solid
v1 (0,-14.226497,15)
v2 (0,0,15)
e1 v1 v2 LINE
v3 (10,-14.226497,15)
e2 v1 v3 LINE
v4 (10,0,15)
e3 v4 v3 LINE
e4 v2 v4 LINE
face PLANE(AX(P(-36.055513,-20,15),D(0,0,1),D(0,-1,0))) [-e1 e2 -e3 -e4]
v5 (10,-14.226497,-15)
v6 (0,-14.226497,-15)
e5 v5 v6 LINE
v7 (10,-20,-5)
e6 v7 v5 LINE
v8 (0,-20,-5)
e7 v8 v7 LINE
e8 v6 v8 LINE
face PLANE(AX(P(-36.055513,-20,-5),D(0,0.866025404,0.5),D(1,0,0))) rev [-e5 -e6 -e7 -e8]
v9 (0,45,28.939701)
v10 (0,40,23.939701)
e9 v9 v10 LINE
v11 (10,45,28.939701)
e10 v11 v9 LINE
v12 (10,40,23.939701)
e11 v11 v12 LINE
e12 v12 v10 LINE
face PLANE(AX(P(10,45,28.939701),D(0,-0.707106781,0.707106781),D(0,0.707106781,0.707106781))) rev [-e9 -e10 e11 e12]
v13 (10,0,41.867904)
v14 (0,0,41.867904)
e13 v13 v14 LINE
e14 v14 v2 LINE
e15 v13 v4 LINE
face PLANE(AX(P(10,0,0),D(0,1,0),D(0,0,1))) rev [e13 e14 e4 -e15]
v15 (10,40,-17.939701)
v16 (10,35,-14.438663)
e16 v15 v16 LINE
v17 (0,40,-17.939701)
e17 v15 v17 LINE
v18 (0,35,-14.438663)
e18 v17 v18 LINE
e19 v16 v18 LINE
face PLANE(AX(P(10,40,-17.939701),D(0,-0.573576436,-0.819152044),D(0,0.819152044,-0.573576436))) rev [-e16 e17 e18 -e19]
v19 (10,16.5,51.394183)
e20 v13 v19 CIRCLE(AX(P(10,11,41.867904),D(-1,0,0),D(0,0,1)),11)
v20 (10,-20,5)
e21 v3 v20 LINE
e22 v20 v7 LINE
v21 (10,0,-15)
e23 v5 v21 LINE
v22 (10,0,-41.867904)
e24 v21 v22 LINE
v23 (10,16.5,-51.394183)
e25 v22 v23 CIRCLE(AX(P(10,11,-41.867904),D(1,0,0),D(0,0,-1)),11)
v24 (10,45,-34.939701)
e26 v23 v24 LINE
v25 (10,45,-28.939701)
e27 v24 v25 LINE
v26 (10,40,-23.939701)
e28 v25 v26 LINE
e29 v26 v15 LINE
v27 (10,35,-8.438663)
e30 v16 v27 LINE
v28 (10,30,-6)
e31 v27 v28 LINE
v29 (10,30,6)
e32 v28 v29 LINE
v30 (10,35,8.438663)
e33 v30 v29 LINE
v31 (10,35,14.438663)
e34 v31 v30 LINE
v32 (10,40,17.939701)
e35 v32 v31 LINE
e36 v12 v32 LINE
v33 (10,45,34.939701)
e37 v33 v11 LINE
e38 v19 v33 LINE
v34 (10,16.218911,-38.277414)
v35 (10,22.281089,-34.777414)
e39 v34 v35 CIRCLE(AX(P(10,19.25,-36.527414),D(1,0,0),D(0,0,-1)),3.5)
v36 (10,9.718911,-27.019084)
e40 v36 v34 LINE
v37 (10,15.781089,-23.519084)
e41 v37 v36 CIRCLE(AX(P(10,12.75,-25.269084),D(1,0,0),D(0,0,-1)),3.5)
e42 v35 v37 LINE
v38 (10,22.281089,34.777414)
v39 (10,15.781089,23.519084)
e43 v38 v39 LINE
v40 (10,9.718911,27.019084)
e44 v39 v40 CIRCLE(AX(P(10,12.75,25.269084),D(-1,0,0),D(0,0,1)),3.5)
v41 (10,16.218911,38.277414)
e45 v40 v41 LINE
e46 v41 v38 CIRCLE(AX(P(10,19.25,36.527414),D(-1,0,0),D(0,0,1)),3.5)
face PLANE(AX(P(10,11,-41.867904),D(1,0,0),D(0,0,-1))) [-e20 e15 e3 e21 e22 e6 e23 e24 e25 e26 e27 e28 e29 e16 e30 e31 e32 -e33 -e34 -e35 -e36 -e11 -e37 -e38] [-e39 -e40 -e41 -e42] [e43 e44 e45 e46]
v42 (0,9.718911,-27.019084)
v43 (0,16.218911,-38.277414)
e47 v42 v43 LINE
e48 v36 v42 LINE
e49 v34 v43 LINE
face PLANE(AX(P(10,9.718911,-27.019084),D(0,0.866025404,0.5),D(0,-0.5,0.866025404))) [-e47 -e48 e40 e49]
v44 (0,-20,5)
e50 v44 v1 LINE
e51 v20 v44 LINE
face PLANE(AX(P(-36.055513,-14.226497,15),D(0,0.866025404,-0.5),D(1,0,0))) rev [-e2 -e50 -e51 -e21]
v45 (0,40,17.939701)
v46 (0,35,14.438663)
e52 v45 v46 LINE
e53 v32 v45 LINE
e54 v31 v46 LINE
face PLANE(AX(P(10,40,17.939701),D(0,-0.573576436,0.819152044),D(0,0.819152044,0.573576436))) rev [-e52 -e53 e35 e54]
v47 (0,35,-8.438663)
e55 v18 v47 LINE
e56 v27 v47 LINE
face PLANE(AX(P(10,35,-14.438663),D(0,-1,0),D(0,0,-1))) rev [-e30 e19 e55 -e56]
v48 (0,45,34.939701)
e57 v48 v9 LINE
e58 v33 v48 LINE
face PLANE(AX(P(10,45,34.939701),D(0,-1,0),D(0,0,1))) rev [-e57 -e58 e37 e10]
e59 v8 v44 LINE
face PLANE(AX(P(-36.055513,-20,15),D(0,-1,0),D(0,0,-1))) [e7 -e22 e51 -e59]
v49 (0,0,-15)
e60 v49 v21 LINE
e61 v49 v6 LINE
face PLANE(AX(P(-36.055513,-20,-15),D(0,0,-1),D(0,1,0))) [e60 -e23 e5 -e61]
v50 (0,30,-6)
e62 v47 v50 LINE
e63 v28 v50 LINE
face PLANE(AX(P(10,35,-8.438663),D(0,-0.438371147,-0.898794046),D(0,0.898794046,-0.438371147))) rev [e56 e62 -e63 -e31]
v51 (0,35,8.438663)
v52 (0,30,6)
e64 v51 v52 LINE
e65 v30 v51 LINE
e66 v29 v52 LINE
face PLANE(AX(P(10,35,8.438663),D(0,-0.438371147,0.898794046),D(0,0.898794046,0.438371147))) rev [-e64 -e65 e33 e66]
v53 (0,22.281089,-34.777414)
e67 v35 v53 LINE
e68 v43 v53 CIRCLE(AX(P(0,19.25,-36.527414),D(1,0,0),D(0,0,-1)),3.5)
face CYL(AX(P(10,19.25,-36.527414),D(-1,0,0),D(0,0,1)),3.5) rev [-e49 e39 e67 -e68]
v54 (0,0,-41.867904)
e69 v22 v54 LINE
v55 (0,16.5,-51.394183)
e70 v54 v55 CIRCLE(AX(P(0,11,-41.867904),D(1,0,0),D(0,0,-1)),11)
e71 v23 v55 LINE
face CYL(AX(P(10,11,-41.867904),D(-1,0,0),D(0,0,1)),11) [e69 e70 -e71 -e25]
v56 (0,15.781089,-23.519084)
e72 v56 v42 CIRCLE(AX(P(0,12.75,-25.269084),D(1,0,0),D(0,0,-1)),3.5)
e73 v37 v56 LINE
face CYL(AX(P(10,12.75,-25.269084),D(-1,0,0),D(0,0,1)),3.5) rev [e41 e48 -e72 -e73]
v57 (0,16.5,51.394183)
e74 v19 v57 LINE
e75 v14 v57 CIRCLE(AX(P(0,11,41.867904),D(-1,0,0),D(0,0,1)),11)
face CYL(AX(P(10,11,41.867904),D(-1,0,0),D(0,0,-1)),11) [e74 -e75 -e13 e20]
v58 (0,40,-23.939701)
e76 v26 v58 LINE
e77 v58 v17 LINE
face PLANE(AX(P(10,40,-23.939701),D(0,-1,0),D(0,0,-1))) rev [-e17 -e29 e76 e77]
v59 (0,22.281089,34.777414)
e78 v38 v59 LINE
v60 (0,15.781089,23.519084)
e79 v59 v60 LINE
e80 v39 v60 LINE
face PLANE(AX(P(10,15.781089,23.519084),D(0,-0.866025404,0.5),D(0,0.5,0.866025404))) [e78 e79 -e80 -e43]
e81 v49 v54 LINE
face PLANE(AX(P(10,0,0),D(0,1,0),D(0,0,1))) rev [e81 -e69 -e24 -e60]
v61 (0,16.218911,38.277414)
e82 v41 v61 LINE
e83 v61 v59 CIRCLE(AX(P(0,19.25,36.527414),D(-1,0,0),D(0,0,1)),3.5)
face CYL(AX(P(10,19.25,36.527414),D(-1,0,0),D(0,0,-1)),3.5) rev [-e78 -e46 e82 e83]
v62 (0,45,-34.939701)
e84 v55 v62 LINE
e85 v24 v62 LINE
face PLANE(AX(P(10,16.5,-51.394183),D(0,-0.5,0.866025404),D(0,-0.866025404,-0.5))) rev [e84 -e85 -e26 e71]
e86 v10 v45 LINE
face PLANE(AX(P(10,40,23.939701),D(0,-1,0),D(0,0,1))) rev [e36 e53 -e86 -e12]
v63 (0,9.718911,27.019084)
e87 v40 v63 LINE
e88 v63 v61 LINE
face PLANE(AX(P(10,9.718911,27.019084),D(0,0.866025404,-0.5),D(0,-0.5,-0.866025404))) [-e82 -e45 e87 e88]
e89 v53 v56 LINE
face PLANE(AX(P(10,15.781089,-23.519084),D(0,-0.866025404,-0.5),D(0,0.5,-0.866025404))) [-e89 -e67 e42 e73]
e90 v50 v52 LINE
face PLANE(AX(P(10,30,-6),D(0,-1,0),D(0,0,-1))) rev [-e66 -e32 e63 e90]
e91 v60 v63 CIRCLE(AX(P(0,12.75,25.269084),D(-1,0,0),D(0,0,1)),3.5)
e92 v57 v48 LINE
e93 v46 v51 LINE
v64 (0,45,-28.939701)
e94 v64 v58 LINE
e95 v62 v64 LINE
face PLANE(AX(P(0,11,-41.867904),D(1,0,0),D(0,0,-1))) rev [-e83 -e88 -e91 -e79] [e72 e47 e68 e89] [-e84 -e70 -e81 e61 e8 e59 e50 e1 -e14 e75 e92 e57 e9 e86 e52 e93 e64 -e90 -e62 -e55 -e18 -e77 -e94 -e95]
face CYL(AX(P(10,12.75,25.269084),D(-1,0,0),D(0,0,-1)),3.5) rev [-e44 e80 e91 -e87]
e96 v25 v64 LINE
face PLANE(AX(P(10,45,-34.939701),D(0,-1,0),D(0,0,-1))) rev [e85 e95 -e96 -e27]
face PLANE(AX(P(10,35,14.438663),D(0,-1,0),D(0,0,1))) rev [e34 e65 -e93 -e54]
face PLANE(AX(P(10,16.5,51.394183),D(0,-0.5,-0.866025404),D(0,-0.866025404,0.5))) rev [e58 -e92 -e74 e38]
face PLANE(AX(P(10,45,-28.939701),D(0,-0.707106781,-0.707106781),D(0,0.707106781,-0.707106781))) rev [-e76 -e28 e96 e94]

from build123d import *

# Parameters (mm, degrees)
EXTRUDE_1_DEPTH = 10
SKETCH_2_W      = 30
SKETCH_2_H      = 20
EXTRUDE_2_DEPTH = 10
CHAMFER_1_SIZE  = 10
CHAMFER_1_SIZE2 = 5.773502692
CHAMFER_2_SIZE  = 10
CHAMFER_2_SIZE2 = 5.773502692


with BuildPart() as part:
    # Эскиз1 → Бобышка-Вытянуть1 (new body)
    with BuildSketch(Plane(origin=(0, 0, 0), x_dir=(0, 0, -1), z_dir=(1, 0, 0))):
        with BuildLine():
            Line((0, 0), (41.867903864, 0))
            ThreePointArc((41.867903864, 0), (51.394183306, 5.5), (51.394183306, 16.5))
            Line((51.394183306, 16.5), (34.939700634, 45))
            Line((34.939700634, 45), (28.939700634, 45))
            Line((28.939700634, 45), (23.939700634, 40))
            Line((23.939700634, 40), (17.939700634, 40))
            Line((17.939700634, 40), (14.438662943, 35))
            Line((14.438662943, 35), (8.438662943, 35))
            Line((8.438662943, 35), (6, 30))
            Line((6, 30), (0, 30))
            Line((0, 30), (0, 0))
        make_face()
        with BuildLine():
            Line((23.519083625, 15.781088913), (34.777413874, 22.281088913))
            ThreePointArc((34.777413874, 22.281088913), (39.558502787, 21), (38.277413874, 16.218911087))
            Line((38.277413874, 16.218911087), (27.019083625, 9.718911087))
            ThreePointArc((27.019083625, 9.718911087), (22.237994712, 11), (23.519083625, 15.781088913))
        make_face(mode=Mode.SUBTRACT)
    extrude(amount=EXTRUDE_1_DEPTH)

    # Зеркальное отражение1: part across plane


with BuildPart() as part_1:
    add(part.part)
    add(part.part.mirror(Plane(origin=(10, 30, 0), x_dir=(1, 0, 0), z_dir=(0, 0, -1))))

    # Эскиз2 → Бобышка-Вытянуть2 (add)
    with BuildSketch(Plane(origin=(10, 0, 0), x_dir=(0, 0, -1), z_dir=(1, 0, 0))):
        with Locations((0, -10)):
            Rectangle(SKETCH_2_W, SKETCH_2_H)
    extrude(amount=-EXTRUDE_2_DEPTH)

    # Фаска1
    chamfer_1_edges = [part_1.edges().sort_by_distance(p)[0] for p in [
        (5, -20, 15),
    ]]
    chamfer_1_side = [part_1.faces().sort_by_distance(p)[0] for p in [
        (5, -20, 0),
    ]]
    chamfer(chamfer_1_edges, length=CHAMFER_1_SIZE, length2=CHAMFER_1_SIZE2, reference=chamfer_1_side[0])

    # Фаска2
    chamfer_2_edges = [part_1.edges().sort_by_distance(p)[0] for p in [
        (5, -20, -15),
    ]]
    chamfer_2_side = [part_1.faces().sort_by_distance(p)[0] for p in [
        (5, -20, -5),
    ]]
    chamfer(chamfer_2_edges, length=CHAMFER_2_SIZE, length2=CHAMFER_2_SIZE2, reference=chamfer_2_side[0])


solid = part_1.part
